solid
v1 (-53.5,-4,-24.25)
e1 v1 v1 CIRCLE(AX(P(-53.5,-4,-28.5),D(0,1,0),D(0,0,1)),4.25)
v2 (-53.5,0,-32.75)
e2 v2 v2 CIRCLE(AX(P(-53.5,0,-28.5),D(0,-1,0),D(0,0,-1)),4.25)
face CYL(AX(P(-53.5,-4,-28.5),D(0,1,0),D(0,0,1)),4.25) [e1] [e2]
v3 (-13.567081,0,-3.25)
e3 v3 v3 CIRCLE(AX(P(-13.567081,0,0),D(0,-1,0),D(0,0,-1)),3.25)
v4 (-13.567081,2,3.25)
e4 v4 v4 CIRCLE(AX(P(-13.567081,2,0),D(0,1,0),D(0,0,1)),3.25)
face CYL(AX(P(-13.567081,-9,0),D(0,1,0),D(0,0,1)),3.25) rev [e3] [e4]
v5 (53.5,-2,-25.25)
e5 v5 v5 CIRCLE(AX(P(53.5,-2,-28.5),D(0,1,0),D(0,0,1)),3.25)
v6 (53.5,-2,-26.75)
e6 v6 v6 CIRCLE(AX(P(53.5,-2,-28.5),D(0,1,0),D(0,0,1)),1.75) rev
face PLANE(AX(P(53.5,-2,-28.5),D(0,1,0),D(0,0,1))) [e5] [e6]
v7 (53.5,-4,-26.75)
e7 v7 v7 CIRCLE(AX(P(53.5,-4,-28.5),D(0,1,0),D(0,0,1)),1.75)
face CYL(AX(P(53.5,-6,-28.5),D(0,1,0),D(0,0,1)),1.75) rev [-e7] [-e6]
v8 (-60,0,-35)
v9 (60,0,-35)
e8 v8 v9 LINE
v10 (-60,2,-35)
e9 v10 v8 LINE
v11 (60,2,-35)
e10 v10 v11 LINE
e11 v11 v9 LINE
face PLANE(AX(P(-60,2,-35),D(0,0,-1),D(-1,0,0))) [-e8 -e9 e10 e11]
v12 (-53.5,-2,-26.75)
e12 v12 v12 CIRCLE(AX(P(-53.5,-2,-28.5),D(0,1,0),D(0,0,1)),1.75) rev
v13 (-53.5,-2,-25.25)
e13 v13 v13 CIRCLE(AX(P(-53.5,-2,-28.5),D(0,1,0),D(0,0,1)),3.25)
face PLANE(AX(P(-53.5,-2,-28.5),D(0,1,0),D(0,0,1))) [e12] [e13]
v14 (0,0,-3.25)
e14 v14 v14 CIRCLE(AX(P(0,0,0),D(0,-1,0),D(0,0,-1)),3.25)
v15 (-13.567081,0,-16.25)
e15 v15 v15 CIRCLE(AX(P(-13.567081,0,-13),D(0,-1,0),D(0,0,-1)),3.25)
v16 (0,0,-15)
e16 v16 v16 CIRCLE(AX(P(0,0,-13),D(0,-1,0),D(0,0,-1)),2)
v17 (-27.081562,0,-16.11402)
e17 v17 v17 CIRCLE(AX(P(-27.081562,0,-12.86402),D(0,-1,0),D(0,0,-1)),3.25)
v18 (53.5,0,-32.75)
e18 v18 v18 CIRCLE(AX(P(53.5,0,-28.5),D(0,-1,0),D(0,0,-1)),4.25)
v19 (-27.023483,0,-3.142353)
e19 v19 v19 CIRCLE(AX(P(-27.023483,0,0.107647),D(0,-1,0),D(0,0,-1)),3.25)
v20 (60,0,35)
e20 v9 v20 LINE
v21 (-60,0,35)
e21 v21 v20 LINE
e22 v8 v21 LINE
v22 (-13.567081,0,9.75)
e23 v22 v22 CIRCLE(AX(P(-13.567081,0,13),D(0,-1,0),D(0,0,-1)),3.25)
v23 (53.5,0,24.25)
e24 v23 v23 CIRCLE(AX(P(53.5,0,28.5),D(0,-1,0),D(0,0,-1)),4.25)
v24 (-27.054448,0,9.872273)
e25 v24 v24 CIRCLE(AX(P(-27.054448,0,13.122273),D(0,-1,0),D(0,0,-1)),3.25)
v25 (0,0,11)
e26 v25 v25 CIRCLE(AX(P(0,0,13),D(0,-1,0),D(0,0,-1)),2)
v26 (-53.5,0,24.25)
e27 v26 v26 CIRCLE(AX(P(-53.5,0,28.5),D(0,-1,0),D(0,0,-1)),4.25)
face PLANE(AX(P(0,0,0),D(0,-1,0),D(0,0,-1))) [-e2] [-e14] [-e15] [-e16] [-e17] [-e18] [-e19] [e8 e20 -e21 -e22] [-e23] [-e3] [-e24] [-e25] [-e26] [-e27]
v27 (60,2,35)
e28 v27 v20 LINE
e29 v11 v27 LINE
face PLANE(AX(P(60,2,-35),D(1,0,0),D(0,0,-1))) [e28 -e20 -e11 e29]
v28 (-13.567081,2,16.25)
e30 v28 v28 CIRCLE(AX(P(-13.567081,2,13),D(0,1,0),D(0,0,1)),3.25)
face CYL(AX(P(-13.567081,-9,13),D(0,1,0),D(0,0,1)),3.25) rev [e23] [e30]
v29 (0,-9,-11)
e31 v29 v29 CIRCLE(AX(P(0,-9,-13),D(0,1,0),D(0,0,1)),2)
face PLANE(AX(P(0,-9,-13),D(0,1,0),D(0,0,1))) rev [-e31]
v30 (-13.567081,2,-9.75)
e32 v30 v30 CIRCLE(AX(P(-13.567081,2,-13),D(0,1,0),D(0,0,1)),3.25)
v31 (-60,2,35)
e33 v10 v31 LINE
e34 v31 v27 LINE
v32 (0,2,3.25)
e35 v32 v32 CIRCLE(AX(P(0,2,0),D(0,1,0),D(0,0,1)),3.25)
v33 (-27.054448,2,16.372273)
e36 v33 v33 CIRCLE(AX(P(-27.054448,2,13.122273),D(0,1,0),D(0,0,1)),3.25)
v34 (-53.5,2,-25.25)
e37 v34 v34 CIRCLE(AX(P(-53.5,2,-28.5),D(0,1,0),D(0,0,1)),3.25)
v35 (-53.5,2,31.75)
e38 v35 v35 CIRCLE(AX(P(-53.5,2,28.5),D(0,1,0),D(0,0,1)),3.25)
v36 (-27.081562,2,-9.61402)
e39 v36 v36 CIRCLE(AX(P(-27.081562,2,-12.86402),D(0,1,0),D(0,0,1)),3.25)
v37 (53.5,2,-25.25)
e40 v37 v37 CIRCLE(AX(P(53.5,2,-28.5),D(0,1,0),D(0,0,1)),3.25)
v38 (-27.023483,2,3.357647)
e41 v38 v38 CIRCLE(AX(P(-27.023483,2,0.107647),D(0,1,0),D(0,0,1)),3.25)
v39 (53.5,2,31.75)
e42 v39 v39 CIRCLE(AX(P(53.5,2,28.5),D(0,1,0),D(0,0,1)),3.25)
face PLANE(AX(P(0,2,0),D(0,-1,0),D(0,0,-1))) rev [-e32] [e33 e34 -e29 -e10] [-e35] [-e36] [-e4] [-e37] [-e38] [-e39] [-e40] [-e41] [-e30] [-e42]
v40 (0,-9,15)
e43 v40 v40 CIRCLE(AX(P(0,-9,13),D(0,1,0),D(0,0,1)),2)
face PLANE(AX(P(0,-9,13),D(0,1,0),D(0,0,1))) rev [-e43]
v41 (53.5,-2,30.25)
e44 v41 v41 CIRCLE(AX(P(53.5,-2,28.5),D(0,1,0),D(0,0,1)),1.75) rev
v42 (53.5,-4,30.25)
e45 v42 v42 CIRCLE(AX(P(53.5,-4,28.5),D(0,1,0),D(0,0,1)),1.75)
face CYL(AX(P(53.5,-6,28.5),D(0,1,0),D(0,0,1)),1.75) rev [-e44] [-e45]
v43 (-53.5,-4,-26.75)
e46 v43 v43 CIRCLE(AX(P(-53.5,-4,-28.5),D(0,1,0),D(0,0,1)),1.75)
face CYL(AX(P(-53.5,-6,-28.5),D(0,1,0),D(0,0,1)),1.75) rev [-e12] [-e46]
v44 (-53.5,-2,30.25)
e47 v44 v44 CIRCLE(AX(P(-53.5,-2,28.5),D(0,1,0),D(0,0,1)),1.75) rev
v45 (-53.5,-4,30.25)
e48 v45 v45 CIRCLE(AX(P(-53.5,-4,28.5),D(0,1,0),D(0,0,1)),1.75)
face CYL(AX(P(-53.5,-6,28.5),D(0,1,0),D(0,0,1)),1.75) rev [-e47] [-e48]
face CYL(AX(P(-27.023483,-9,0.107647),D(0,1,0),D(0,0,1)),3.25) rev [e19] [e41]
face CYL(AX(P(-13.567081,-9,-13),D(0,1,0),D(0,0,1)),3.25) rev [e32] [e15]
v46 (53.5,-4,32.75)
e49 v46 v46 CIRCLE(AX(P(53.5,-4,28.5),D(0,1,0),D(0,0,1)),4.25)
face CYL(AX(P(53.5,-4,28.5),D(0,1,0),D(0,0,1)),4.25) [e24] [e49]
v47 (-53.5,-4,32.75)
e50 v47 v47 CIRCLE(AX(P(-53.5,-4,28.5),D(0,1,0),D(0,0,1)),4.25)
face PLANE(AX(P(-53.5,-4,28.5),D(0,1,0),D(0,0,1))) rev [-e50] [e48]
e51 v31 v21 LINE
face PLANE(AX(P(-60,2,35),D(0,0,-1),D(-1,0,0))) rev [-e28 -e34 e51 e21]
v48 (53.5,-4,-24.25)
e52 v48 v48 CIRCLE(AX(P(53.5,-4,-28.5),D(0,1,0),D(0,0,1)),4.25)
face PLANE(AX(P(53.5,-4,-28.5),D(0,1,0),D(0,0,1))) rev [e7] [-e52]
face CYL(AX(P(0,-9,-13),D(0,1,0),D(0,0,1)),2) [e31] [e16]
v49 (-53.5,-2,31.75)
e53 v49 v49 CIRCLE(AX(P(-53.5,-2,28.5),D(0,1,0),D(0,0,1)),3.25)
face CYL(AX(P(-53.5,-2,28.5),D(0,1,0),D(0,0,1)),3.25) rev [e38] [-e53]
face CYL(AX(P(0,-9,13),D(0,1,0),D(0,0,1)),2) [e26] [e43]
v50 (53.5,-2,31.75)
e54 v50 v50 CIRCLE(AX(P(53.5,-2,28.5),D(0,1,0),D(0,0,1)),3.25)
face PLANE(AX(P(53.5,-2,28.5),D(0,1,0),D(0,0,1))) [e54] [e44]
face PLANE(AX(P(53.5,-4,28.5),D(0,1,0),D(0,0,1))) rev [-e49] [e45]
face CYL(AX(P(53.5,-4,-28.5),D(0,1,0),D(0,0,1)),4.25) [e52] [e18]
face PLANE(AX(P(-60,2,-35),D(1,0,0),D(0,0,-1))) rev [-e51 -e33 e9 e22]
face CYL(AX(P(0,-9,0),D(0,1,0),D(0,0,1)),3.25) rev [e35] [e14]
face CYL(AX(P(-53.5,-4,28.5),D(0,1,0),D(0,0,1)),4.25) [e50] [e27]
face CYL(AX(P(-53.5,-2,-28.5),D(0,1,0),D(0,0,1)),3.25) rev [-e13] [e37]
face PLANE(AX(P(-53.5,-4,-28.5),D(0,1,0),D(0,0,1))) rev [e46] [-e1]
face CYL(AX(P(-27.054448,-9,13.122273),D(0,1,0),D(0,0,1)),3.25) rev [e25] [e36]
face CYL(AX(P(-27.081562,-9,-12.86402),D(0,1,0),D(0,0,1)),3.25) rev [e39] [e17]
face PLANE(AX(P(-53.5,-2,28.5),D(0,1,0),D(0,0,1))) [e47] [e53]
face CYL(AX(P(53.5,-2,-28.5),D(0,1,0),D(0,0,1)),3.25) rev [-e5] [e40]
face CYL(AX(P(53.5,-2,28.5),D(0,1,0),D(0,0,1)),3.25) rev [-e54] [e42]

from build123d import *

# Parameters (mm, degrees)
SKETCH1_W           = 120
SKETCH1_H           = 70
BOSS_EXTRUDE1_DEPTH = 2
SKETCH6_R           = 2
BOSS_EXTRUDE2_DEPTH = 11
SKETCH4_R           = 3.25
CUT_EXTRUDE2_DEPTH  = 11
SKETCH3_R           = 4.25
BOSS_EXTRUDE3_DEPTH = 6
SKETCH8_R           = 1.75
CUT_EXTRUDE6_DEPTH  = 8
SKETCH9_R           = 3.25
CUT_EXTRUDE8_DEPTH  = 4


with BuildPart() as part:
    # Sketch1 → Boss-Extrude1 (new body)
    with BuildSketch(Plane(origin=(0, 0, 0), x_dir=(1, 0, 0), z_dir=(0, 1, 0))):
        Rectangle(SKETCH1_W, SKETCH1_H)
    extrude(amount=BOSS_EXTRUDE1_DEPTH)

    # Sketch6 → Boss-Extrude2 (add)
    with BuildSketch(Plane(origin=(0, 2, 0), x_dir=(1, 0, 0), z_dir=(0, 1, 0))):
        with Locations(Location((0, -13, 0), (0, 0, 270))):
            Circle(SKETCH6_R)
        with Locations(Location((0, 13, 0), (0, 0, 270))):
            Circle(SKETCH6_R)
    extrude(amount=-BOSS_EXTRUDE2_DEPTH)

    # Sketch4 → Cut-Extrude2 (cut)
    with BuildSketch(Plane(origin=(0, 2, 0), x_dir=(1, 0, 0), z_dir=(0, 1, 0))):
        with Locations(Location((-27.054448087, -13.122273409, 0), (0, 0, 270))):
            Circle(SKETCH4_R)
        with Locations(Location((-27.023483048, -0.10764713, 0), (0, 0, 270))):
            Circle(SKETCH4_R)
        with Locations(Location((-27.081562274, 12.864019897, 0), (0, 0, 270))):
            Circle(SKETCH4_R)
        with Locations(Location((-13.567081484, 0, 0), (0, 0, 270))):
            Circle(SKETCH4_R)
        with Locations(Location((-13.567081484, -13, 0), (0, 0, 270))):
            Circle(SKETCH4_R)
        with Locations(Location((-13.567081484, 13, 0), (0, 0, 270))):
            Circle(SKETCH4_R)
        with Locations(Location((0, 0, 0), (0, 0, 270))):
            Circle(SKETCH4_R)
    extrude(amount=-CUT_EXTRUDE2_DEPTH, mode=Mode.SUBTRACT)

    # Sketch3 → Boss-Extrude3 (add)
    with BuildSketch(Plane(origin=(0, 2, 0), x_dir=(1, 0, 0), z_dir=(0, 1, 0))):
        with Locations(Location((-53.5, 28.5, 0), (0, 0, 270))):
            Circle(SKETCH3_R)
        with Locations(Location((53.5, 28.5, 0), (0, 0, 270))):
            Circle(SKETCH3_R)
        with Locations(Location((-53.5, -28.5, 0), (0, 0, 270))):
            Circle(SKETCH3_R)
        with Locations(Location((53.5, -28.5, 0), (0, 0, 270))):
            Circle(SKETCH3_R)
    extrude(amount=-BOSS_EXTRUDE3_DEPTH)

    # Sketch8 → Cut-Extrude6 (cut)
    with BuildSketch(Plane(origin=(0, 2, 0), x_dir=(1, 0, 0), z_dir=(0, 1, 0))):
        with Locations(Location((-53.5, 28.5, 0), (0, 0, 270))):
            Circle(SKETCH8_R)
        with Locations(Location((-53.5, -28.5, 0), (0, 0, 270))):
            Circle(SKETCH8_R)
        with Locations(Location((53.5, -28.5, 0), (0, 0, 270))):
            Circle(SKETCH8_R)
        with Locations(Location((53.5, 28.5, 0), (0, 0, 270))):
            Circle(SKETCH8_R)
    extrude(amount=-CUT_EXTRUDE6_DEPTH, mode=Mode.SUBTRACT)

    # Sketch9 → Cut-Extrude8 (cut)
    with BuildSketch(Plane(origin=(0, 2, 0), x_dir=(1, 0, 0), z_dir=(0, 1, 0))):
        with Locations(Location((-53.5, 28.5, 0), (0, 0, 270))):
            Circle(SKETCH9_R)
        with Locations(Location((53.5, 28.5, 0), (0, 0, 270))):
            Circle(SKETCH9_R)
        with Locations(Location((-53.5, -28.5, 0), (0, 0, 270))):
            Circle(SKETCH9_R)
        with Locations(Location((53.5, -28.5, 0), (0, 0, 270))):
            Circle(SKETCH9_R)
    extrude(amount=-CUT_EXTRUDE8_DEPTH, mode=Mode.SUBTRACT)


solid = part.part
